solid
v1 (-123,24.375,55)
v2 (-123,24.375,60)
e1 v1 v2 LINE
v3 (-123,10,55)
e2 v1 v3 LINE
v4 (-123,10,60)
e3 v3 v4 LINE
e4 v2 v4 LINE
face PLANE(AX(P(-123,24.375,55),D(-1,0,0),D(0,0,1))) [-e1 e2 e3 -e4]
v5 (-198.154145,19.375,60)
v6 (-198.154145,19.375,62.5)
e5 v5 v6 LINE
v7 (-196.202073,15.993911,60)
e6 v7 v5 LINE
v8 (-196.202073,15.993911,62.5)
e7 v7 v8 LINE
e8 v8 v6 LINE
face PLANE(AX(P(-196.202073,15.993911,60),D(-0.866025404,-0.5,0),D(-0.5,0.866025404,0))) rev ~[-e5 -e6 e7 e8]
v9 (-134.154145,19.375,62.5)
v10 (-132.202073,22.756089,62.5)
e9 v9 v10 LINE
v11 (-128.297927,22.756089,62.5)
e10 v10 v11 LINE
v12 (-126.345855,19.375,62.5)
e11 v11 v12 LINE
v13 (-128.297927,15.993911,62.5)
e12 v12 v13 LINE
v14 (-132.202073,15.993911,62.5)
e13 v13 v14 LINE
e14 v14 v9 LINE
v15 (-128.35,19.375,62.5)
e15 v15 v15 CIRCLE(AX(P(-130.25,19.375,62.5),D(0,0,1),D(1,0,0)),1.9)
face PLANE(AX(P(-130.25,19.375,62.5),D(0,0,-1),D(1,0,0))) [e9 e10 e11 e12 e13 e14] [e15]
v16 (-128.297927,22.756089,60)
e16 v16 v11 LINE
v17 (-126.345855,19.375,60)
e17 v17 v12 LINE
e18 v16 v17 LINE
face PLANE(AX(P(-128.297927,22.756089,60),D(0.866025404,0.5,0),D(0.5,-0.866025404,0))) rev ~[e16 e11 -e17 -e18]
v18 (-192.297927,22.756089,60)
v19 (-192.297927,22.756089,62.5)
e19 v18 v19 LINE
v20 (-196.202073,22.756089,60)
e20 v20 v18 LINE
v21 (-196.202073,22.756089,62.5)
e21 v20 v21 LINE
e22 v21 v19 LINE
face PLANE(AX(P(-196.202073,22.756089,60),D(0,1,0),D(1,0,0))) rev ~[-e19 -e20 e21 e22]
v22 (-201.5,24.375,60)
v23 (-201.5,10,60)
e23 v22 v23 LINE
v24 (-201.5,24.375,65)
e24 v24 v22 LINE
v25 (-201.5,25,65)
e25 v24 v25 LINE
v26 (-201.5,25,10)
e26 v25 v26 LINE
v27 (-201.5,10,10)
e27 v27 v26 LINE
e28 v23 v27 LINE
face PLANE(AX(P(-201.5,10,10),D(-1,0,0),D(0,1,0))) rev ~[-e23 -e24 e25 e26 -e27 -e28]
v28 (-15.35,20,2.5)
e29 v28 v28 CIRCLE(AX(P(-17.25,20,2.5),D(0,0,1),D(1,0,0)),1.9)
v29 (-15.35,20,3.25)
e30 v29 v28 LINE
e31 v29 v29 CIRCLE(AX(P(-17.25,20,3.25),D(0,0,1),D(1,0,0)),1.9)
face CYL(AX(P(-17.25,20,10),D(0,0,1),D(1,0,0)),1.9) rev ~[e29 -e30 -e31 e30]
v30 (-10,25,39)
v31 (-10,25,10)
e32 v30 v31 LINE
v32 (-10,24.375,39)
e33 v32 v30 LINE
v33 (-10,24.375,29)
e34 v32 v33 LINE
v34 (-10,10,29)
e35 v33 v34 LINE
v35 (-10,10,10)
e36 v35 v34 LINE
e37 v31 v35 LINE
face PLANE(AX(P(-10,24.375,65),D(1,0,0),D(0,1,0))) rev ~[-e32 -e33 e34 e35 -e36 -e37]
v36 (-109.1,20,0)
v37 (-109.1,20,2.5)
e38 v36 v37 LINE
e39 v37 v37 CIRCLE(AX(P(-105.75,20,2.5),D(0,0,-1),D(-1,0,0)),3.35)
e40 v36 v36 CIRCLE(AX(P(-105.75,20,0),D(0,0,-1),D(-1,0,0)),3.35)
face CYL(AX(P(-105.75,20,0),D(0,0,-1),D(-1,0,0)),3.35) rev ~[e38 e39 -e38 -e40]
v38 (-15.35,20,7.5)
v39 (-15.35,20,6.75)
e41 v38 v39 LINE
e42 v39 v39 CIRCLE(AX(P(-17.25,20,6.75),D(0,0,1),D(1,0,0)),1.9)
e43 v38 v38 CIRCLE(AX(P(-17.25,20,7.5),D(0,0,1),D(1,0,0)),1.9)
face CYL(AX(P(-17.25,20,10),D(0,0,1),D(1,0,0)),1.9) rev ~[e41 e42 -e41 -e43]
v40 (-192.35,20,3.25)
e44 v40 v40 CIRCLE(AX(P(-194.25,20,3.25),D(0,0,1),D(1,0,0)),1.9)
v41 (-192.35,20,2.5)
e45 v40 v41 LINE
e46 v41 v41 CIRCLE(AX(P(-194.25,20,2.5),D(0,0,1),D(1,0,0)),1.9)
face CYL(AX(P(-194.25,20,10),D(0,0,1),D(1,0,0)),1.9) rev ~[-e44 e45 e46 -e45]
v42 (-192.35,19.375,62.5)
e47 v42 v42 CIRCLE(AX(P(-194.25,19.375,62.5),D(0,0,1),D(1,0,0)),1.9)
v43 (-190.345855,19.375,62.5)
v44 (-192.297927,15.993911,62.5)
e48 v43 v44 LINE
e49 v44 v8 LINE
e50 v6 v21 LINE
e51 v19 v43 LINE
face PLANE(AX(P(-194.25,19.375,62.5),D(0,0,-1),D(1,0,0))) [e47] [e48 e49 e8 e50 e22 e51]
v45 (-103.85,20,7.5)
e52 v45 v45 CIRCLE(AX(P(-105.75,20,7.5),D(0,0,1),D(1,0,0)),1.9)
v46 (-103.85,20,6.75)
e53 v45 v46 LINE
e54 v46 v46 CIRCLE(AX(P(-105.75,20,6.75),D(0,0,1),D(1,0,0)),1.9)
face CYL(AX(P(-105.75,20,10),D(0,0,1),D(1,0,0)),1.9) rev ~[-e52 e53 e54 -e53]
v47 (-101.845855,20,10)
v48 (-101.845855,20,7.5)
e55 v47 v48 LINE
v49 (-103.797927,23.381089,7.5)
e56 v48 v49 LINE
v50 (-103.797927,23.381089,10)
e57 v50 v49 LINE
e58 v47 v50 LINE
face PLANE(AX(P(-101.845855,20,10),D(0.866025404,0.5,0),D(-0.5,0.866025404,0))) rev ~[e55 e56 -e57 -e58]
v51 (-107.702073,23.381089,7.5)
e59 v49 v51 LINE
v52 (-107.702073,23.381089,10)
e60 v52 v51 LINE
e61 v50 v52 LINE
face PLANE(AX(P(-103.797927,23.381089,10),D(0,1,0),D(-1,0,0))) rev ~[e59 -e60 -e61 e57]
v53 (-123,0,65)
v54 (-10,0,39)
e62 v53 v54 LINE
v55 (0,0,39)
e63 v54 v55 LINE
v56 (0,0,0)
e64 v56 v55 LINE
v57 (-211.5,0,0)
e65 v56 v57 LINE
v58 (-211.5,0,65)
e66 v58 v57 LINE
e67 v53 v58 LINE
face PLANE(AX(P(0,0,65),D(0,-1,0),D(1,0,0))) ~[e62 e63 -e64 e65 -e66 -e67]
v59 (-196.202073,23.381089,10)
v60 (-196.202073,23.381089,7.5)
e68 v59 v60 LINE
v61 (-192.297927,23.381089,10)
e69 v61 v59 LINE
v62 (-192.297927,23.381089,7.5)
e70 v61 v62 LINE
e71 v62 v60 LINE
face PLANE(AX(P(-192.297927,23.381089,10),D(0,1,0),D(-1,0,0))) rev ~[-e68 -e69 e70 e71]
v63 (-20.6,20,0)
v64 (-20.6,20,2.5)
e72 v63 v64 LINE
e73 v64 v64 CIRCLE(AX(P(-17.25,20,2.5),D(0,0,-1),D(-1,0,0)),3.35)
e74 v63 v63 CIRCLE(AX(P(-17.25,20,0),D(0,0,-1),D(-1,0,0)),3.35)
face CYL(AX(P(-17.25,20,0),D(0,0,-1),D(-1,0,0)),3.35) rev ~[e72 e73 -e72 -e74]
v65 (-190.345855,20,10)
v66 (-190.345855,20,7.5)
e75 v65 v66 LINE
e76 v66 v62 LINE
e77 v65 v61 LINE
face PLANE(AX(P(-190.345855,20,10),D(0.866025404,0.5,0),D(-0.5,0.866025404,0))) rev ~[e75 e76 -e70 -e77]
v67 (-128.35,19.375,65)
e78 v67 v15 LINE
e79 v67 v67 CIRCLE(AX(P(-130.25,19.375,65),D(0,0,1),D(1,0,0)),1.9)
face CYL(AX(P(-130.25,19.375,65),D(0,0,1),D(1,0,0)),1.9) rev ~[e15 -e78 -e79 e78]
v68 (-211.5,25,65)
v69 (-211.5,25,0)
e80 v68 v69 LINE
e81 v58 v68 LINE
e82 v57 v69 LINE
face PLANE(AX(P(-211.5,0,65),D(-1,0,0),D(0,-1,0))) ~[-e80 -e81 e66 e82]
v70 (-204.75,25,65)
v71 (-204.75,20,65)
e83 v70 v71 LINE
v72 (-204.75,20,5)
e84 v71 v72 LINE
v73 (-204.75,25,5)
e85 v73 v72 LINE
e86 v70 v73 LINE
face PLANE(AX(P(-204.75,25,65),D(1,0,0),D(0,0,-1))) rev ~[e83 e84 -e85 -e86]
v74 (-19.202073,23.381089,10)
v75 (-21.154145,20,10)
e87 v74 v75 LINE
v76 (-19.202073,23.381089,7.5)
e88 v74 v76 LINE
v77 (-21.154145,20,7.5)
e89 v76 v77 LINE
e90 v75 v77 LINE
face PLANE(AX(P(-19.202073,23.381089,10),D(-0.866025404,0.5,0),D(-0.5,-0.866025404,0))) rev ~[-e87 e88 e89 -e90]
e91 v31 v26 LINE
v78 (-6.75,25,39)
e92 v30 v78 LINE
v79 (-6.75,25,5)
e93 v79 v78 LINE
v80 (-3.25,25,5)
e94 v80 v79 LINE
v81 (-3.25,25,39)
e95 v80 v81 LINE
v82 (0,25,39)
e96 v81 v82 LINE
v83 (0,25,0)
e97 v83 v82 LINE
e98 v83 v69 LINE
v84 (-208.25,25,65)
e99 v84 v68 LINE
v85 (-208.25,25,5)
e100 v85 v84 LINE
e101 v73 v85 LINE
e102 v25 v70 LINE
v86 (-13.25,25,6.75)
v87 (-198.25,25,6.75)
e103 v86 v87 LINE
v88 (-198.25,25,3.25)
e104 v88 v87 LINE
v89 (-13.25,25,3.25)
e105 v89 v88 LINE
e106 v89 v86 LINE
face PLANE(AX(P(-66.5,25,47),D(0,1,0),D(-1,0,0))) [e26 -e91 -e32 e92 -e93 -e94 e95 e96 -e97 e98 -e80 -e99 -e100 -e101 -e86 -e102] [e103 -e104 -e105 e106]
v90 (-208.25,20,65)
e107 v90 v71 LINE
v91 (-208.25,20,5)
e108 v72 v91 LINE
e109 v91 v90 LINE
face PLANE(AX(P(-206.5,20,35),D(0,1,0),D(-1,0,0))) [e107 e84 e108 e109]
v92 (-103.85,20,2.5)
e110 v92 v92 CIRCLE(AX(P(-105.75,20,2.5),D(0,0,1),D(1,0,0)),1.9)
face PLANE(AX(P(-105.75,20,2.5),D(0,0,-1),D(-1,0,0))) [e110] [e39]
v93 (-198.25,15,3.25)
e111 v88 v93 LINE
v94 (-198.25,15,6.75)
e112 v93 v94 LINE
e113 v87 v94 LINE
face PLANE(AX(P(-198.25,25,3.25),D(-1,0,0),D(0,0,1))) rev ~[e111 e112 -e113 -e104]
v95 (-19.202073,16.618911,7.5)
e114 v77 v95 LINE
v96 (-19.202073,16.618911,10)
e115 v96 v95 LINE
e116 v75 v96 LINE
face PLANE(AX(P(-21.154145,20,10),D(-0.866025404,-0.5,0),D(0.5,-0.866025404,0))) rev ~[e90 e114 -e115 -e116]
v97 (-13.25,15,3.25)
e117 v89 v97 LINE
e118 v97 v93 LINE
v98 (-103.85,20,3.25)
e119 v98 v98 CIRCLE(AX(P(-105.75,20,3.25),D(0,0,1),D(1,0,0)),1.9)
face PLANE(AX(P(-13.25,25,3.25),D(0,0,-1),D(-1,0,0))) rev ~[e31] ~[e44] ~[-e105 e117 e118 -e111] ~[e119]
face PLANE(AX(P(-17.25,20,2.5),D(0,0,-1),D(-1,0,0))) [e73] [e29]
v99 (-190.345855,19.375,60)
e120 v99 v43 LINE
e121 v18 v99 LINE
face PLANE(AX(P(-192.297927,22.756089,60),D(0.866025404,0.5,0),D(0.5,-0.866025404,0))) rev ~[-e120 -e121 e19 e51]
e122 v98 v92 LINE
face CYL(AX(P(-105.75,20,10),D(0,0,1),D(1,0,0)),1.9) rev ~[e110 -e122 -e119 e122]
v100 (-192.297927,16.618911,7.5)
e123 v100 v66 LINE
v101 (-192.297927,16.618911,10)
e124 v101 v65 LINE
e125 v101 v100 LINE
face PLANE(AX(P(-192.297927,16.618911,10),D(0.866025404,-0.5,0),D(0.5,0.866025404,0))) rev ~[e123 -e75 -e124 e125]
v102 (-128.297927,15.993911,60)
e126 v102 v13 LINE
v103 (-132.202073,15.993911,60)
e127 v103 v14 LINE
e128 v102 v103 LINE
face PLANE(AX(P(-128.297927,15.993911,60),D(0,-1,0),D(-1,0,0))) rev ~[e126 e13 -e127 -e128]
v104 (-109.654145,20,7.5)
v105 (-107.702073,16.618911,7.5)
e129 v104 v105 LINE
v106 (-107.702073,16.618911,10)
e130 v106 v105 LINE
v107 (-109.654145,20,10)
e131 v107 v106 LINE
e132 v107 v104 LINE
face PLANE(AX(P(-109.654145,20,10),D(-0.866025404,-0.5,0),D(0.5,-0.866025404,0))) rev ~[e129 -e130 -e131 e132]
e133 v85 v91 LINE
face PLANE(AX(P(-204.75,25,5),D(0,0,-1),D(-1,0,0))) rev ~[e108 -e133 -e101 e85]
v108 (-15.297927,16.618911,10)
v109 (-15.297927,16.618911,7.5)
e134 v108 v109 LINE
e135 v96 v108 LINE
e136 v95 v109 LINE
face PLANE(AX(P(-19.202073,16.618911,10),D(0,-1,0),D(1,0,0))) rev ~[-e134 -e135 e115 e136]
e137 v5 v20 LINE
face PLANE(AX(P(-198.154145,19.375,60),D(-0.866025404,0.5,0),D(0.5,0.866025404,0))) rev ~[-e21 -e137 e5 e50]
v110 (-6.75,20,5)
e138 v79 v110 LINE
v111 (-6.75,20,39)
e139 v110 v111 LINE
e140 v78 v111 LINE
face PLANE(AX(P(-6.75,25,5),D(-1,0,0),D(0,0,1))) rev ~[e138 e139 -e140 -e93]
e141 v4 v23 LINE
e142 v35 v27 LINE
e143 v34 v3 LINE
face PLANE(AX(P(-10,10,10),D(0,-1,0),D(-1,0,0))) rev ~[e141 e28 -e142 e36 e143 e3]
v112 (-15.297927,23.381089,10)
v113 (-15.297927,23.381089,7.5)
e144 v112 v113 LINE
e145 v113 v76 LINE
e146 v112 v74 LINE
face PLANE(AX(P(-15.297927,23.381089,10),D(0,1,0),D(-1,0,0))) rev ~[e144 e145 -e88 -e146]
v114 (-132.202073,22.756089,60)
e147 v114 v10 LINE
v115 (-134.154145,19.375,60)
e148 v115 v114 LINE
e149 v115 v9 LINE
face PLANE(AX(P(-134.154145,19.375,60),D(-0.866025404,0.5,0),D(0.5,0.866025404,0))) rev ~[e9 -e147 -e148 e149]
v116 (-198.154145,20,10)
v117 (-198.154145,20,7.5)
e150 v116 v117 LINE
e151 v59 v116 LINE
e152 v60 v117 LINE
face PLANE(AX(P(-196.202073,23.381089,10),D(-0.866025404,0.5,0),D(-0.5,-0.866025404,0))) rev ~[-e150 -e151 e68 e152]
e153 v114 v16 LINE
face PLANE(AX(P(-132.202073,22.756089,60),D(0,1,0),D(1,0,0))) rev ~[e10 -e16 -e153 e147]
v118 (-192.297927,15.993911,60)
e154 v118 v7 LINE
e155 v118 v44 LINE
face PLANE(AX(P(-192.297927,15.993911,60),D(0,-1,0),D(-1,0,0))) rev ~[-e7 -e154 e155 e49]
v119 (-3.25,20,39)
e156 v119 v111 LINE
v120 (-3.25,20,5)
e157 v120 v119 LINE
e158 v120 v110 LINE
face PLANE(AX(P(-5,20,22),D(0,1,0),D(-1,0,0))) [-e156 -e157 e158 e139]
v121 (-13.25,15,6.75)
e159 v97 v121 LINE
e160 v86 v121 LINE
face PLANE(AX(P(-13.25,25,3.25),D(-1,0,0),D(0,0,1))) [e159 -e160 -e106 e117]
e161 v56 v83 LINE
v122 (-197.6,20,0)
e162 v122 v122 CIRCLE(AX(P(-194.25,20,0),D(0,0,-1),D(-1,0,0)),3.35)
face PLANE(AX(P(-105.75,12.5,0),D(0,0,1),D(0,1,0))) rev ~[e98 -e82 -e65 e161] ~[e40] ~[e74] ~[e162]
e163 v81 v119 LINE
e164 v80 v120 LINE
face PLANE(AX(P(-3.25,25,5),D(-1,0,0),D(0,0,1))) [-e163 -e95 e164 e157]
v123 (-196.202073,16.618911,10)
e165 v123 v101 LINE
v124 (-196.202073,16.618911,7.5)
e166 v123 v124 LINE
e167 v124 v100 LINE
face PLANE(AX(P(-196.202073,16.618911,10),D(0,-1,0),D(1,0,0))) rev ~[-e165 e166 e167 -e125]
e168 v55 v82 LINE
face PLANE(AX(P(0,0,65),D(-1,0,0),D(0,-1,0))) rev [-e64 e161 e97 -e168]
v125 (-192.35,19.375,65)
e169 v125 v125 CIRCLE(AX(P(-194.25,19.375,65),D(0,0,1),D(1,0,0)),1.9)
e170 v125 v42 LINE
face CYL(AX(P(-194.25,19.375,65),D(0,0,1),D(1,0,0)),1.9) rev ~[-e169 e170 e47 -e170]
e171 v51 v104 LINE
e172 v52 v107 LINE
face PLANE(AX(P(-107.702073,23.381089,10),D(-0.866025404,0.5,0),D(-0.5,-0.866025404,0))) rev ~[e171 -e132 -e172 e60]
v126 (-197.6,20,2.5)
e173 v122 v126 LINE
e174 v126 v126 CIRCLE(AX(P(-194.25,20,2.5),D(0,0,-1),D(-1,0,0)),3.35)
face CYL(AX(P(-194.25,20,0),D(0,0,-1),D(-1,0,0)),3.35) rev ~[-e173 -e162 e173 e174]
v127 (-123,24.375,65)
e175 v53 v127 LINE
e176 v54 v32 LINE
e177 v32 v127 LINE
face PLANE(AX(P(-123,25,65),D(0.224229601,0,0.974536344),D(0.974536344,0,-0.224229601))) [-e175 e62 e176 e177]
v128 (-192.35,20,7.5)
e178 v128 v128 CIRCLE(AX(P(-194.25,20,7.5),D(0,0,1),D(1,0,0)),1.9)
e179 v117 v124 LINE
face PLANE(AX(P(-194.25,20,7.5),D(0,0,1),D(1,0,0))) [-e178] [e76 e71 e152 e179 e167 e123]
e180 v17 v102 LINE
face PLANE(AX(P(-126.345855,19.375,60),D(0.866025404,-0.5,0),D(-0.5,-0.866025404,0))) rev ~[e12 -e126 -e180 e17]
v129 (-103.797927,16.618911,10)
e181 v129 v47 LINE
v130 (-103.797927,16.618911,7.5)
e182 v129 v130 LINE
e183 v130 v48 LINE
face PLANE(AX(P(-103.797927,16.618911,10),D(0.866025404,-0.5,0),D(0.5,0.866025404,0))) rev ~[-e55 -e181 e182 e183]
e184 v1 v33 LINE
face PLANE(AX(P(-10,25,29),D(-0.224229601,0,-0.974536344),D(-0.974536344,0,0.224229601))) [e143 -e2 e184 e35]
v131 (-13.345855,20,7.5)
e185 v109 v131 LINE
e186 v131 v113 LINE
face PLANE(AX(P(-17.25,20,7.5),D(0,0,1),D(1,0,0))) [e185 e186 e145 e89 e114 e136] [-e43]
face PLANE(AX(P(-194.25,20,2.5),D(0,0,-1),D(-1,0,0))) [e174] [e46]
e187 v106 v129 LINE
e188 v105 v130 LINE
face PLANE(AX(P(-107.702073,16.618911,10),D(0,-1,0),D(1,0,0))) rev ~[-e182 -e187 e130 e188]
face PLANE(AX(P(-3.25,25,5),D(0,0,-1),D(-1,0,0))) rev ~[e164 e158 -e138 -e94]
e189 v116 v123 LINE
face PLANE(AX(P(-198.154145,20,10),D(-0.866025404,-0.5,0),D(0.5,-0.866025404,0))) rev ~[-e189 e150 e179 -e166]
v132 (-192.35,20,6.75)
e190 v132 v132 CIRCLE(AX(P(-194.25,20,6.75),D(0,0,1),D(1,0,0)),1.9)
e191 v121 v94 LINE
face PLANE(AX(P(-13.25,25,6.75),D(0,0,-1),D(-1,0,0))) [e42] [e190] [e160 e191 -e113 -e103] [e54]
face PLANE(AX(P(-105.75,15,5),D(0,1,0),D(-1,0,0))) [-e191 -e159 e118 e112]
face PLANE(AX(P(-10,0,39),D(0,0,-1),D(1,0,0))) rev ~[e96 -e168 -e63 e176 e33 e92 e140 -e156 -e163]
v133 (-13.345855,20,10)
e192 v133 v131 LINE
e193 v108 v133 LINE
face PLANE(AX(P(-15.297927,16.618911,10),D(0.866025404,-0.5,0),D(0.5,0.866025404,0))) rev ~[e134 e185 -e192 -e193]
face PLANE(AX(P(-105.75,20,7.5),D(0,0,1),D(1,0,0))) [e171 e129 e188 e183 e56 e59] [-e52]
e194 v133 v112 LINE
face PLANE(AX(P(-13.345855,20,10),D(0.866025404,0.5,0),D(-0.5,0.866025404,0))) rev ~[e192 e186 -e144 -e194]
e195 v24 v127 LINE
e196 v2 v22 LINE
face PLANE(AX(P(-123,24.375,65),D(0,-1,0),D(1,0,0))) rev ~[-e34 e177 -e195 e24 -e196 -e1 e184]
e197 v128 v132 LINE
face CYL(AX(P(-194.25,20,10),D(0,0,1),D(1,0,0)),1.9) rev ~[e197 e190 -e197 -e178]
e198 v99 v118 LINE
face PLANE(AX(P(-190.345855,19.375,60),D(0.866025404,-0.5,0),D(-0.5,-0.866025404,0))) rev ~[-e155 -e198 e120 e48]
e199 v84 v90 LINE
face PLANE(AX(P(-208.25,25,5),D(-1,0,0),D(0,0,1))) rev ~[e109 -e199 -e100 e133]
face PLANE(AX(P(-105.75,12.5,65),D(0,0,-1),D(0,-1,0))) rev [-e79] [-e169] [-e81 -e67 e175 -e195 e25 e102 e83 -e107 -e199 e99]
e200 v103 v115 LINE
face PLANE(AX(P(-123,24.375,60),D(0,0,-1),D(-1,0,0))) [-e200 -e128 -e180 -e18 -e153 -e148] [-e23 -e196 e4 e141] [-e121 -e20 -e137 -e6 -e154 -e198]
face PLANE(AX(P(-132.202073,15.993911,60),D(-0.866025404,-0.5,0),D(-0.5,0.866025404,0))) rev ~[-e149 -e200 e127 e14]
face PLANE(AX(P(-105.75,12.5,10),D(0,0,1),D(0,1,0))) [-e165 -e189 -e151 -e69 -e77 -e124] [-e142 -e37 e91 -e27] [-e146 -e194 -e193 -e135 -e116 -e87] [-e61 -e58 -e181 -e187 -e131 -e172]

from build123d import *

# Parameters (mm, degrees)
SKETCH1_W           = 25
SKETCH1_H           = 211.5
BOSS_EXTRUDE1_DEPTH = 10
SKETCH2_W           = 10
SKETCH2_H           = 15
SKETCH2_H_2         = 10
SKETCH2_W_2         = 191.5
BOSS_EXTRUDE2_DEPTH = 45
SKETCH3_W           = 185
SKETCH3_H           = 3.5
CUT_EXTRUDE1_DEPTH  = 10
SKETCH4_R           = 1.9
CUT_EXTRUDE2_DEPTH  = 220.959655392
SKETCH5_R           = 3.35
CUT_EXTRUDE3_DEPTH  = 2.5
CUT_EXTRUDE4_DEPTH  = 2.5
LPATTERN1_COUNT     = 3
LPATTERN1_PITCH     = 88.5
CUT_EXTRUDE5_REACH  = 224.671
BOSS_EXTRUDE4_REACH = 224.671
CUT_EXTRUDE6_REACH  = 224.671
SKETCH11_W          = 78.5
SKETCH11_H          = 0.625
SKETCH11_W_2        = 113
SKETCH12_W          = 3.5
SKETCH12_H          = 34
CUT_EXTRUDE8_DEPTH  = 5
CUT_EXTRUDE9_DEPTH  = 5
SKETCH14_W          = 78.5
SKETCH14_H          = 5
CUT_EXTRUDE10_DEPTH = 14.375
CUT_EXTRUDE11_REACH = 224.671
SKETCH15_R          = 1.9
CUT_EXTRUDE12_DEPTH = 2.5
LPATTERN2_COUNT     = 2
LPATTERN2_PITCH     = 64


with BuildPart() as part:
    # Sketch1 → Boss-Extrude1 (new body)
    with BuildSketch(Plane(origin=(0, 0, 0), x_dir=(0, 1, 0), z_dir=(0, 0, 1))):
        with Locations((12.5, 105.75)):
            Rectangle(SKETCH1_W, SKETCH1_H)
    boss_extrude1 = extrude(amount=BOSS_EXTRUDE1_DEPTH)

    # Sketch2 → Boss-Extrude2 (add)
    with BuildSketch(Plane.XY.offset(10)):
        with Locations((-5, 17.5)):
            Rectangle(SKETCH2_W, SKETCH2_H)
        with Locations((-5, 5)):
            Rectangle(SKETCH2_W, SKETCH2_H_2)
        with Locations((-105.75, 5)):
            Rectangle(SKETCH2_W_2, SKETCH2_H_2)
        with Locations((-206.5, 5)):
            Rectangle(SKETCH2_W, SKETCH2_H_2)
        with Locations((-206.5, 17.5)):
            Rectangle(SKETCH2_W, SKETCH2_H)
    extrude(amount=BOSS_EXTRUDE2_DEPTH)

    # Mirror1: Boss-Extrude1 across plane
    add(boss_extrude1.mirror(Plane.XY.offset(32.5)))

    # Sketch3 → Cut-Extrude1 (cut)
    with BuildSketch(Plane(origin=(0, 25, 0), x_dir=(-1, 0, 0), z_dir=(0, 1, 0))):
        with Locations((105.75, 5)):
            Rectangle(SKETCH3_W, SKETCH3_H)
    extrude(amount=-CUT_EXTRUDE1_DEPTH, mode=Mode.SUBTRACT)

    # Sketch4 → Cut-Extrude2 (cut, through all)
    with BuildSketch(Plane(origin=(0, 0, 10), x_dir=(-1, 0, 0), z_dir=(0, 0, 1))):
        with Locations(Location((194.25, -20, 0), (0, 0, 180))):
            Circle(SKETCH4_R)
    cut_extrude2 = extrude(amount=-CUT_EXTRUDE2_DEPTH, mode=Mode.SUBTRACT)

    # Sketch5 → Cut-Extrude3 (cut)
    with BuildSketch(Plane(origin=(0, 0, 0), x_dir=(1, 0, 0), z_dir=(0, 0, -1))):
        with Locations(Location((-194.25, -20, 0), (0, 0, 180))):
            Circle(SKETCH5_R)
    cut_extrude3 = extrude(amount=-CUT_EXTRUDE3_DEPTH, mode=Mode.SUBTRACT)

    # Sketch6 → Cut-Extrude4 (cut)
    with BuildSketch(Plane.XY.offset(10)):
        Polygon((-192.297927406, 23.381088913), (-196.202072594, 23.381088913), (-198.154145188, 20), (-196.202072594, 16.618911087), (-192.297927406, 16.618911087), (-190.345854812, 20), align=None)
    cut_extrude4 = extrude(amount=-CUT_EXTRUDE4_DEPTH, mode=Mode.SUBTRACT)

    # LPattern1: Cut-Extrude2, Cut-Extrude3, Cut-Extrude4 ×3
    with Locations(*[(i * LPATTERN1_PITCH, 0, 0) for i in range(1, LPATTERN1_COUNT)]):
        add(cut_extrude2, mode=Mode.SUBTRACT)
        add(cut_extrude3, mode=Mode.SUBTRACT)
        add(cut_extrude4, mode=Mode.SUBTRACT)

    # Sketch9 → Cut-Extrude5 (cut, up to next)
    with BuildSketch(Plane.XZ, mode=Mode.PRIVATE) as cut_extrude5_sk1:
        Polygon((-10, 39), (0, 39), (0, 65), (-123, 65), align=None)
    cut_extrude5_tool1 = extrude(cut_extrude5_sk1.sketch, amount=-CUT_EXTRUDE5_REACH, mode=Mode.PRIVATE) & part.part
    add(cut_extrude5_tool1.solids().sort_by_distance((-41.250627, 0, 55.681704))[0], mode=Mode.SUBTRACT)

    # Sketch10 → Boss-Extrude4 (add, up to next)
    with BuildSketch(Plane(origin=(0, 25, 0), x_dir=(-1, 0, 0), z_dir=(0, 1, 0)), mode=Mode.PRIVATE) as boss_extrude4_sk1:
        Polygon((123, 65), (10, 39), (10, 29), (123, 55), align=None)
    boss_extrude4_tool1 = extrude(boss_extrude4_sk1.sketch, amount=-BOSS_EXTRUDE4_REACH, mode=Mode.PRIVATE) - part.part
    add(boss_extrude4_tool1.solids().sort_by_distance((-66.5, 25, 47))[0])

    # Sketch11 → Cut-Extrude6 (cut, up to next)
    with BuildSketch(Plane.XY.offset(65), mode=Mode.PRIVATE) as cut_extrude6_sk1:
        with Locations((-162.25, 24.6875)):
            Rectangle(SKETCH11_W, SKETCH11_H)
    cut_extrude6_tool1 = extrude(cut_extrude6_sk1.sketch, amount=-CUT_EXTRUDE6_REACH, mode=Mode.PRIVATE) & part.part
    # Sketch11 → Cut-Extrude6 (cut, up to next)
    with BuildSketch(Plane.XY.offset(65), mode=Mode.PRIVATE) as cut_extrude6_sk2:
        with Locations((-66.5, 24.6875)):
            Rectangle(SKETCH11_W_2, SKETCH11_H)
    cut_extrude6_tool2 = extrude(cut_extrude6_sk2.sketch, amount=-CUT_EXTRUDE6_REACH, mode=Mode.PRIVATE) & part.part
    add(cut_extrude6_tool1.solids().sort_by_distance((-162.25, 24.6875, 65))[0], mode=Mode.SUBTRACT)
    add(cut_extrude6_tool2.solids().sort_by_distance((-66.5, 24.6875, 65))[0], mode=Mode.SUBTRACT)

    # Sketch12 → Cut-Extrude8 (cut)
    with BuildSketch(Plane(origin=(0, 25, 0), x_dir=(-1, 0, 0), z_dir=(0, 1, 0))):
        with Locations((5, 22)):
            Rectangle(SKETCH12_W, SKETCH12_H)
    extrude(amount=-CUT_EXTRUDE8_DEPTH, mode=Mode.SUBTRACT)

    # Sketch13 → Cut-Extrude9 (cut)
    with BuildSketch(Plane(origin=(0, 25, 0), x_dir=(-1, 0, 0), z_dir=(0, 1, 0))):
        Polygon((204.75, 15), (204.75, 5), (208.25, 5), (208.25, 15), (208.25, 65), (204.75, 65), align=None)
    extrude(amount=-CUT_EXTRUDE9_DEPTH, mode=Mode.SUBTRACT)

    # Sketch14 → Cut-Extrude10 (cut)
    with BuildSketch(Plane(origin=(0, 24.375, 0), x_dir=(-1, 0, 0), z_dir=(0, 1, 0))):
        with Locations((162.25, 57.5)):
            Rectangle(SKETCH14_W, SKETCH14_H)
    extrude(amount=-CUT_EXTRUDE10_DEPTH, mode=Mode.SUBTRACT)

    # Sketch15 → Cut-Extrude11 (cut, up to next)
    with BuildSketch(Plane.XY.offset(65), mode=Mode.PRIVATE) as cut_extrude11_sk1:
        with Locations((-194.25, 19.375)):
            Circle(SKETCH15_R)
    cut_extrude11_tool1 = extrude(cut_extrude11_sk1.sketch, amount=-CUT_EXTRUDE11_REACH, mode=Mode.PRIVATE) & part.part
    cut_extrude11 = cut_extrude11_tool1.solids().sort_by_distance((-194.25, 19.375, 65))[0]
    add(cut_extrude11, mode=Mode.SUBTRACT)

    # Sketch16 → Cut-Extrude12 (cut)
    with BuildSketch(Plane(origin=(0, 0, 60), x_dir=(1, 0, 0), z_dir=(0, 0, -1))):
        Polygon((-192.297927406, -15.993911087), (-196.202072594, -15.993911087), (-198.154145188, -19.375), (-196.202072594, -22.756088913), (-192.297927406, -22.756088913), (-190.345854812, -19.375), align=None)
    cut_extrude12 = extrude(amount=-CUT_EXTRUDE12_DEPTH, mode=Mode.SUBTRACT)

    # LPattern2: Cut-Extrude11, Cut-Extrude12 ×2
    with Locations(*[(i * LPATTERN2_PITCH, 0, 0) for i in range(1, LPATTERN2_COUNT)]):
        add(cut_extrude11, mode=Mode.SUBTRACT)
        add(cut_extrude12, mode=Mode.SUBTRACT)


solid = part.part
